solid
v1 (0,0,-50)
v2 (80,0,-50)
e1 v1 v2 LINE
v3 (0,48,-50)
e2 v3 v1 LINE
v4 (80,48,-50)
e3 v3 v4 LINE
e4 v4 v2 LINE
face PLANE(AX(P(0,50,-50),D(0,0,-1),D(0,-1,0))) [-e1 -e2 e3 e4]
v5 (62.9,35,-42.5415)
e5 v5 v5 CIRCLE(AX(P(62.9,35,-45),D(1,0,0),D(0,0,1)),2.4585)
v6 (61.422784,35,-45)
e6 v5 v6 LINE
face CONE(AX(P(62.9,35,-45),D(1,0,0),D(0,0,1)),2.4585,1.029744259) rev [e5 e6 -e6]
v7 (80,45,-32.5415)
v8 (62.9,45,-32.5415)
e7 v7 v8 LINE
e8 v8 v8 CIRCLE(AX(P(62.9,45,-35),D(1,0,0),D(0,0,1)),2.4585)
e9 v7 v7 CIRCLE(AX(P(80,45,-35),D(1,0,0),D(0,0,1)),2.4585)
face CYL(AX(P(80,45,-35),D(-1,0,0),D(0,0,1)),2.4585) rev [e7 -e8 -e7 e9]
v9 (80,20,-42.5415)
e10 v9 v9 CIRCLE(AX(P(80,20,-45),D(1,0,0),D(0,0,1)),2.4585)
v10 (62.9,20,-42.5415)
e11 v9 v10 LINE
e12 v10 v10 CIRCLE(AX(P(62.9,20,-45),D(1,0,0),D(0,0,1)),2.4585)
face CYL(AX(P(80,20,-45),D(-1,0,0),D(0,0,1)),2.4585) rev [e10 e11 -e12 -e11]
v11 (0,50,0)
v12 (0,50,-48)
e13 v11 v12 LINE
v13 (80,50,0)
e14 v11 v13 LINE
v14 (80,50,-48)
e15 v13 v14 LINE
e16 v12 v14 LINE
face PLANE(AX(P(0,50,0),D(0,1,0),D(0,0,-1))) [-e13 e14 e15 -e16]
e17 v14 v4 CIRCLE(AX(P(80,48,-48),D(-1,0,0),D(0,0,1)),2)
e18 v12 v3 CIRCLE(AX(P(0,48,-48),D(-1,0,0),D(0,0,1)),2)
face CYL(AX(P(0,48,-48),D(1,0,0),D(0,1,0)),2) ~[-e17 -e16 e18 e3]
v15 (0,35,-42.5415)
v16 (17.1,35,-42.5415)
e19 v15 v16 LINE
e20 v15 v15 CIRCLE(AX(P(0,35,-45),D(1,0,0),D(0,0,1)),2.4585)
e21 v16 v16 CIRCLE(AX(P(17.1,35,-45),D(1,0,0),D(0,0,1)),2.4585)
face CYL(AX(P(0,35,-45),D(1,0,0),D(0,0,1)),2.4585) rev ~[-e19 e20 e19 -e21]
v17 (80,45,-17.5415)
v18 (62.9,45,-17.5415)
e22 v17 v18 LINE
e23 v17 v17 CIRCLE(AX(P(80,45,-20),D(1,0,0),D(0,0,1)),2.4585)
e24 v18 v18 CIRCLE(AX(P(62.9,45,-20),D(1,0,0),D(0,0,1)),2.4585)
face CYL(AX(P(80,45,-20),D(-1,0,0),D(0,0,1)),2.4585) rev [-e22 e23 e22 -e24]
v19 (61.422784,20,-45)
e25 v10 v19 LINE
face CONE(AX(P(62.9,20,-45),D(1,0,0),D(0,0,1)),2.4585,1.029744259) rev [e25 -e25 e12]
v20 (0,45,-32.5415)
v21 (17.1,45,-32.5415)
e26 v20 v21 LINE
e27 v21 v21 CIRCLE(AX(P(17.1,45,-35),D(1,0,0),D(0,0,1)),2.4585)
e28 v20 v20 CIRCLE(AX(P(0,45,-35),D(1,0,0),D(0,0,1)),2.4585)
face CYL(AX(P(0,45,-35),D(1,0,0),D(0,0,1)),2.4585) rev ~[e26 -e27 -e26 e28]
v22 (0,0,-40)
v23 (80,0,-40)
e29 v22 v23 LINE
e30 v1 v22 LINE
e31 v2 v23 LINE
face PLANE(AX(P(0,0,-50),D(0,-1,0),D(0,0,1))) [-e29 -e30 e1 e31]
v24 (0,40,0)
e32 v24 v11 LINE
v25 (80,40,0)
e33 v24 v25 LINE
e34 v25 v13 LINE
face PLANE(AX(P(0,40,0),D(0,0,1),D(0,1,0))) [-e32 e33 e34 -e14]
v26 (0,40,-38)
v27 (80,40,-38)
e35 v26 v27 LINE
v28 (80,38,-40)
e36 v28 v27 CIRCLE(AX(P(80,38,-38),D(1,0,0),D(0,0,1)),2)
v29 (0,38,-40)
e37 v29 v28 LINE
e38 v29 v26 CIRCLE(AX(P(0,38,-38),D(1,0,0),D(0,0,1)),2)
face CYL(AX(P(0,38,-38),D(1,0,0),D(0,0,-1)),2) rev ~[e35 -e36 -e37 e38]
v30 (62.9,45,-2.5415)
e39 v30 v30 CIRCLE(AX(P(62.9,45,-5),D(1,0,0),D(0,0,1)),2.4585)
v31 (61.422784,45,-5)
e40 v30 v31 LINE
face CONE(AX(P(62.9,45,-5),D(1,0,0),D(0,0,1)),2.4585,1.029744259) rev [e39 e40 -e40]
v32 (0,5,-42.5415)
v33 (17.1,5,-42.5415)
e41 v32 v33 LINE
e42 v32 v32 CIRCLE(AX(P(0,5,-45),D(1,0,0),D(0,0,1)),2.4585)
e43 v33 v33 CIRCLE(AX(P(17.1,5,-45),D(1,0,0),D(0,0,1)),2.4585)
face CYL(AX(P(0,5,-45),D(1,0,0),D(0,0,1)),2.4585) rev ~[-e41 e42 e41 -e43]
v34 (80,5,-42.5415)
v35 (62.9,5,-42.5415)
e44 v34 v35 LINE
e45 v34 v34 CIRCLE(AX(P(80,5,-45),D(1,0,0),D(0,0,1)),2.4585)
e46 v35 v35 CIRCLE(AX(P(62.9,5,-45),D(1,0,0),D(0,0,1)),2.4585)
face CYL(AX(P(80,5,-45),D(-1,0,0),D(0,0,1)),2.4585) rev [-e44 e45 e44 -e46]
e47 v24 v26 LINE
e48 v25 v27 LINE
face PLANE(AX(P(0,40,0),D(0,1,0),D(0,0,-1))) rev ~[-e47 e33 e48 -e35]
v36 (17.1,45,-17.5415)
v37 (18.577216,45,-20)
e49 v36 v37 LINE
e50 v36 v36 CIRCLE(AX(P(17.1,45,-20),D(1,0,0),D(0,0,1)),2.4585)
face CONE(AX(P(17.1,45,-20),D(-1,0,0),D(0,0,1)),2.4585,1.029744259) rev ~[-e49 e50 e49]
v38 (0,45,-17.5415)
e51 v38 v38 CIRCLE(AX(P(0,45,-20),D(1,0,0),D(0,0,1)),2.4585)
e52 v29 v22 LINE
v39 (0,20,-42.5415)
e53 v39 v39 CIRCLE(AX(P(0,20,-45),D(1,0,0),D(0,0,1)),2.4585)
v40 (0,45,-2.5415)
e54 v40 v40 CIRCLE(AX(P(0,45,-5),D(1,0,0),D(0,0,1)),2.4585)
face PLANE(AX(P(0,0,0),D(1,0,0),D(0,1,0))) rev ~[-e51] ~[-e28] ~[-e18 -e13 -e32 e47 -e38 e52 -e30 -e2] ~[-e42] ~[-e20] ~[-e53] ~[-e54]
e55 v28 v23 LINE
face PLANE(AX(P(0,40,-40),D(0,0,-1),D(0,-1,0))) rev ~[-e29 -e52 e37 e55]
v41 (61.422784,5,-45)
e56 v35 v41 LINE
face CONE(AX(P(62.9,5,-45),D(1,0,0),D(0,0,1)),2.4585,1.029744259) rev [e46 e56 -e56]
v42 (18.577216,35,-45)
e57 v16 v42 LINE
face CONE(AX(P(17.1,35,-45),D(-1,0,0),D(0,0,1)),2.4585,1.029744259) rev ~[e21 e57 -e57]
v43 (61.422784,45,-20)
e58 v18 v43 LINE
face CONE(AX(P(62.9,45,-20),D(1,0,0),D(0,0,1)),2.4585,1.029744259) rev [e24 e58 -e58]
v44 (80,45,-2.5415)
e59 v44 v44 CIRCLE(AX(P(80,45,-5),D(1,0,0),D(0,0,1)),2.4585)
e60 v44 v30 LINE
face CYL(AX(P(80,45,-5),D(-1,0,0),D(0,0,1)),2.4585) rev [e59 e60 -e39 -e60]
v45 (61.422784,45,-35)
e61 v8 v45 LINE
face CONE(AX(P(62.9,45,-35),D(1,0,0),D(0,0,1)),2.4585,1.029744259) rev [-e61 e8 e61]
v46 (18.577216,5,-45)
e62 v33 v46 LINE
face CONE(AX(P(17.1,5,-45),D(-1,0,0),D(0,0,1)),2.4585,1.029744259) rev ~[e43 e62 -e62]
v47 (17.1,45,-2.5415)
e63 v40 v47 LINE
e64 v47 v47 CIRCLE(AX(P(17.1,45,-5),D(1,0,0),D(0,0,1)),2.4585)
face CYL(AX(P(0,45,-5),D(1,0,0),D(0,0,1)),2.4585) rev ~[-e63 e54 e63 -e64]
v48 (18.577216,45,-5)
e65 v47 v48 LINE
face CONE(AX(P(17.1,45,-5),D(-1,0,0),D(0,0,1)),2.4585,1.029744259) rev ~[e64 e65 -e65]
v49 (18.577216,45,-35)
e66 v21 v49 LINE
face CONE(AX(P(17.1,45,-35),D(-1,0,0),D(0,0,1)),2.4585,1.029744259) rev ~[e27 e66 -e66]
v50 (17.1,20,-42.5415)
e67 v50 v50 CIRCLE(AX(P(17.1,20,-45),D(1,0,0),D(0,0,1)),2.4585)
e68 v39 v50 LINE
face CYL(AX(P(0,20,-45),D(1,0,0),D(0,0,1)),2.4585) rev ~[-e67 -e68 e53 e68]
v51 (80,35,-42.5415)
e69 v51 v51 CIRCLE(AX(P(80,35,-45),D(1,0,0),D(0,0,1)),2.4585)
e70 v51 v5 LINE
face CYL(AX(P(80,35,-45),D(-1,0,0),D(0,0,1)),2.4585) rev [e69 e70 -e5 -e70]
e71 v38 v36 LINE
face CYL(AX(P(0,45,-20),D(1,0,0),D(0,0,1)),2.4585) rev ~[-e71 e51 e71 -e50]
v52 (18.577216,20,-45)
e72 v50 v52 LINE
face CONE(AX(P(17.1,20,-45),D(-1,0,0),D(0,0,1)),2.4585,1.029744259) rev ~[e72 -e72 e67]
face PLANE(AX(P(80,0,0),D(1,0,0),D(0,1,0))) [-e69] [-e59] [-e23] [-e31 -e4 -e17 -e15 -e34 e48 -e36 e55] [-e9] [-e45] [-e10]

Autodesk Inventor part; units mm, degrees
ref_plane "YZ Plane" through (0, 0, 0) normal (1, 0, 0) x (0, 1, 0)
ref_plane "XZ Plane" through (0, 0, 0) normal (0, 1, 0) x (-1, 0, 0)
sketch "Sketch2" plane through (0, 0, 0) normal (1, 0, 0) x (0, 1, 0)
  line L0 (0, 0) -> (50, 0)
  line L1 (50, 0) -> (50, -50)
  line L2 (50, -50) -> (0, -50)
  line L3 (0, -50) -> (0, 0)
  line L4 (0, 0) -> (40, 0)
  line L5 (40, 0) -> (40, -40)
  line L6 (40, -40) -> (0, -40)
  line L7 (0, -40) -> (0, 0)
  dimension "d5" = 50
  dimension "d6" = 50
  dimension "d7" = 10
  dimension "d8" = 10
extrude "Extrusion1" add sketch "Sketch2" along normal blind 80 contours L0 L1 L2 L3 L6 L5
fillet "Fillet1" radius 2 2 edges at (40, 40, -40) (40, 50, -50)
sketch "Sketch6" plane through (0, 0, 0) normal (-1, 0, 0) x (0, 0, 1)
  line L0 (-40, 0) -> (-50, 0) projected
  line L1 (-45, 0) -> (-45, 50)
  line L2 (-48, 50) -> (0, 50) projected
  line L3 (0, 50) -> (0, 40) projected
  line L4 (0, 45) -> (-50, 45)
  point P0 (0, 0)
  point P1 (-50, 50)
  point P2 (-5, 45)
  point P3 (-20, 45)
  point P4 (-35, 45)
  point P5 (-45, 35)
  point P6 (-45, 5)
  point P7 (-45, 20)
  dimension "d23" = 5
  dimension "d25" = 20
  dimension "d26" = 35
  dimension "d27" = 5
  dimension "d28" = 20
  dimension "d29" = 35
hole "Hole1" at (0, 45, -5) at (0, 45, -20) at (0, 45, -35) at (0, 35, -45) at (0, 5, -45) at (0, 20, -45) direction (1, 0, 0) diameter 4.917 depth 17.1 tip angle 118 thread size "M6x1" class "6H" standard "ISO Metric profile"
ref_plane "Work Plane1" through (40, 0, 0) normal (-1, 0, 0) x (0, 0, 1)
mirror "Mirror1" about plane through (40, 0, 0) normal (-1, 0, 0) of "Hole1"
ref_plane "Work Plane2" through (40, 0, 0) normal (-1, 0, 0) x (0, 0, 1)
properties part number "Profile_Middle_02"
